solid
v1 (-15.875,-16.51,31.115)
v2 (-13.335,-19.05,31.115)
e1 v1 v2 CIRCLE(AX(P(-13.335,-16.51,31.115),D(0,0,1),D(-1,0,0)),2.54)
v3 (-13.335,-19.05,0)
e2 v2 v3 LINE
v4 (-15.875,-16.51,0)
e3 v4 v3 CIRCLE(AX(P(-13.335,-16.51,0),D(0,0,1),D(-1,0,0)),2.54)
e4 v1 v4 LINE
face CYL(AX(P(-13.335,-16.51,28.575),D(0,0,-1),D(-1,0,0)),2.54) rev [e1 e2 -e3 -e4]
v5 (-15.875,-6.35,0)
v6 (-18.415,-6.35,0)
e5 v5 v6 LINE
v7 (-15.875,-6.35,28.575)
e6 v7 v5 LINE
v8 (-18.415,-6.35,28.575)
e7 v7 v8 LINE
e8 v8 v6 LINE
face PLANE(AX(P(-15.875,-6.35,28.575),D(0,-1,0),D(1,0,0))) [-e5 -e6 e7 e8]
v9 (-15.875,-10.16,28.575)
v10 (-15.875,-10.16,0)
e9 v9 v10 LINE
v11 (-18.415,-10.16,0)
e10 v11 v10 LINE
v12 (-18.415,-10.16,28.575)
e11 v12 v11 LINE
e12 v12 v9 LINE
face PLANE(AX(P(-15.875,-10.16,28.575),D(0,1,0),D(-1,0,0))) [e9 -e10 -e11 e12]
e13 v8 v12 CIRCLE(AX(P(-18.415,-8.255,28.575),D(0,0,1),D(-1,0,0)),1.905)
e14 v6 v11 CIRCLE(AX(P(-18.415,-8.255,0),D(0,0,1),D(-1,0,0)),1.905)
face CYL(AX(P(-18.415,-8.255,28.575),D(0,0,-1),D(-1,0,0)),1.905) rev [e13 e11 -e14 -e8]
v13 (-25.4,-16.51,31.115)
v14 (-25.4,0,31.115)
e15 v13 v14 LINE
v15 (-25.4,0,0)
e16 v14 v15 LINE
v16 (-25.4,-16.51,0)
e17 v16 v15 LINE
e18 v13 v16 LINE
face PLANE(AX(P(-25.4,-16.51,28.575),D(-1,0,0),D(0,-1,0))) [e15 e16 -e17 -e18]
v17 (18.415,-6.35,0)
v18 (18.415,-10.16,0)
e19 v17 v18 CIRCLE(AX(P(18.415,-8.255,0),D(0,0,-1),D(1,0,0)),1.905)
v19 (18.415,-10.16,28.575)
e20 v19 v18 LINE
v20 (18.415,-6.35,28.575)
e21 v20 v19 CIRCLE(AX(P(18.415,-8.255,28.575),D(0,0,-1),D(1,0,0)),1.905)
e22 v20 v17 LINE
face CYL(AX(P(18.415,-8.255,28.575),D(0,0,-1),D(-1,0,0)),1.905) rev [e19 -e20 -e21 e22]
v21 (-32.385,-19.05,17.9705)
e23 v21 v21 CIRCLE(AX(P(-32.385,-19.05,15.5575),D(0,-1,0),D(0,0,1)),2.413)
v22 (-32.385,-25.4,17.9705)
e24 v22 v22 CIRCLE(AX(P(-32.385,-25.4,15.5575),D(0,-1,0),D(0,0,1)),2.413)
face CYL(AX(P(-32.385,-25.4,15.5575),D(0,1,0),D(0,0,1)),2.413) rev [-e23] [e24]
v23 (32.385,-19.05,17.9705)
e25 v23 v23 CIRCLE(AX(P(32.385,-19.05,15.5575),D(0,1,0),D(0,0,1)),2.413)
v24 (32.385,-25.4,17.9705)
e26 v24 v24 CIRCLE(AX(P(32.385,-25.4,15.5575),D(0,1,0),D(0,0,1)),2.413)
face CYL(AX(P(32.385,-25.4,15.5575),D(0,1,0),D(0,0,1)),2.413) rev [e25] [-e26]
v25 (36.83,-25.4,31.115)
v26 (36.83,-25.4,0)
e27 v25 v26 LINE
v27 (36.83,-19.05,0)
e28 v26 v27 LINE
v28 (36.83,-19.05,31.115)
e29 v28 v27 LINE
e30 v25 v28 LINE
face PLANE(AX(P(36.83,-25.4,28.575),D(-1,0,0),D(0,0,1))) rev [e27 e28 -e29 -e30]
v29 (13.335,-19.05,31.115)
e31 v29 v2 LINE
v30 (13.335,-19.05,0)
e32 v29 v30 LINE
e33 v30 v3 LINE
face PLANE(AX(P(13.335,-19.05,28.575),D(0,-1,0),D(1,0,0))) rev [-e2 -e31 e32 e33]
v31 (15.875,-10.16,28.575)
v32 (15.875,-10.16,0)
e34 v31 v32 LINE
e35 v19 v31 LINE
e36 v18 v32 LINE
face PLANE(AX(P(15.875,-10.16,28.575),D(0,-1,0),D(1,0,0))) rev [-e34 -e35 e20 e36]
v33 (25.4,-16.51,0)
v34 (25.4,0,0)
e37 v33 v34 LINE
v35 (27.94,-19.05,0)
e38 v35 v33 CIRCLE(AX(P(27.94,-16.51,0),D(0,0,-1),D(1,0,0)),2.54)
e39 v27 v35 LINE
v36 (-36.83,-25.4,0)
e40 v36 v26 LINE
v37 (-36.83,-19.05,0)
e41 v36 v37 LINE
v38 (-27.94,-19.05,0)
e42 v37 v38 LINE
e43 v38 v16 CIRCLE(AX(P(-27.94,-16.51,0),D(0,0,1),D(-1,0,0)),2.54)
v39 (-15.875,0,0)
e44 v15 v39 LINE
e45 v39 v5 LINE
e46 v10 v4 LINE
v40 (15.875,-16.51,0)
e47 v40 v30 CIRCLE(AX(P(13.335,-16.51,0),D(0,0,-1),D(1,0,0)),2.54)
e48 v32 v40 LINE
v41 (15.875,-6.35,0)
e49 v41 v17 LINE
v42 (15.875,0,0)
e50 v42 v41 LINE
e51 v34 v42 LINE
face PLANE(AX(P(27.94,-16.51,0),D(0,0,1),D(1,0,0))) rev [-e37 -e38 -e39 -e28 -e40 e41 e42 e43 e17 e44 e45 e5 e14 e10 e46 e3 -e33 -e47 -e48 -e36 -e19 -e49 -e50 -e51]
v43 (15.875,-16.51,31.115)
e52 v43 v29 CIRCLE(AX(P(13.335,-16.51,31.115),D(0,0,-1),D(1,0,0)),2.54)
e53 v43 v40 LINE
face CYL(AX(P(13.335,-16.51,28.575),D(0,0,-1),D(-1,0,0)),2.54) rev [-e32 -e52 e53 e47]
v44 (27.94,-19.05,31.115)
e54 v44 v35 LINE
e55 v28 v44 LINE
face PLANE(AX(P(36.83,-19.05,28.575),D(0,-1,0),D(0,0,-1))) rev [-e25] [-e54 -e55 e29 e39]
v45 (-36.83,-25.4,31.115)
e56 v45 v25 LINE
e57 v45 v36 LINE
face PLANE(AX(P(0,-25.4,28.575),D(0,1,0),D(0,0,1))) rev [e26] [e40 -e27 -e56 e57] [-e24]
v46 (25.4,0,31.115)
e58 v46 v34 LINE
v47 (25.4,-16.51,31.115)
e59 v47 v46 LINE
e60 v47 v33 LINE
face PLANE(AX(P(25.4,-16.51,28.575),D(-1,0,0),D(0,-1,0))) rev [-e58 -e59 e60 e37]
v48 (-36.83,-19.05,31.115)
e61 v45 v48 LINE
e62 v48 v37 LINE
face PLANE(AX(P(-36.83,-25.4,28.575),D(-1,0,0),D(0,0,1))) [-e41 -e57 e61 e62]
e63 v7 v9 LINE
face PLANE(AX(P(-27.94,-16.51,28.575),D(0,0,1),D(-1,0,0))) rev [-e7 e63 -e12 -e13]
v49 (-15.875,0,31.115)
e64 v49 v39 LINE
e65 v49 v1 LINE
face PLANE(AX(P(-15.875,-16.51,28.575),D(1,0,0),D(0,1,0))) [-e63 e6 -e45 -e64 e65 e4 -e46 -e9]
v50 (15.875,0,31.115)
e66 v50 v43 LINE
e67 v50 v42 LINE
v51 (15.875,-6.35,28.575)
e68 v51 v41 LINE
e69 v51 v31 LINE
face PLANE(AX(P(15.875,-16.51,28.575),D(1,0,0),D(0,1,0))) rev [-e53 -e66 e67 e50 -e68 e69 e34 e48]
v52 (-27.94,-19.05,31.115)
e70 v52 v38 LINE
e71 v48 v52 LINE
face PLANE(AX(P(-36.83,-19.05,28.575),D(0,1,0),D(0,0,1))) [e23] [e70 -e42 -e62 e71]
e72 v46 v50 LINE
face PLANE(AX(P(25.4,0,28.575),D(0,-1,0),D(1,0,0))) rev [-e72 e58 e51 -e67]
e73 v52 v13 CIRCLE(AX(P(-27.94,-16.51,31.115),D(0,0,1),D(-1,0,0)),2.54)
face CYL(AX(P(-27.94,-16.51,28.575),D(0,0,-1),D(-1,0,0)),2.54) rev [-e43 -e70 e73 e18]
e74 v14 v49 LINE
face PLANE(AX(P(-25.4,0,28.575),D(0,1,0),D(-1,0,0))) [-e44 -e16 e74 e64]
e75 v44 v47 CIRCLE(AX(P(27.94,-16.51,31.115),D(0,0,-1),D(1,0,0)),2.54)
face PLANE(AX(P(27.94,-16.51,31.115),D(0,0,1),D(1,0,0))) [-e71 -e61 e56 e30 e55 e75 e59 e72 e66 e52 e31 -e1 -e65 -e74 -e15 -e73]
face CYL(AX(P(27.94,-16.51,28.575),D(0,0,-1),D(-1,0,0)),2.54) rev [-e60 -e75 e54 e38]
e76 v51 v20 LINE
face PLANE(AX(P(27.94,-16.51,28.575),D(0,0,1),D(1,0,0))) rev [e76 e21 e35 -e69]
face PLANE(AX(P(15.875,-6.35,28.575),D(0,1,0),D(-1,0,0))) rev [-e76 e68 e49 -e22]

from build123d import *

# Parameters (mm, degrees)
BASE_DEPTH           = 28.575
BACK_PLATE_DEPTH     = 2.54
SKETCH4_R            = 2.413
MOUNTING_HOLES_DEPTH = 7.35


with BuildPart() as part:
    # Sketch2 → Base (new body)
    with BuildSketch(Plane.XY):
        with BuildLine():
            Line((13.335, -19.05), (0, -19.05))
            Line((0, -19.05), (0, -25.4))
            Line((0, -25.4), (36.83, -25.4))
            Line((36.83, -25.4), (36.83, -19.05))
            Line((36.83, -19.05), (27.94, -19.05))
            ThreePointArc((27.94, -19.05), (26.143948776, -18.306051224), (25.4, -16.51))
            Line((25.4, -16.51), (25.4, 0))
            Line((25.4, 0), (15.875, 0))
            Line((15.875, 0), (15.875, -6.35))
            Line((15.875, -6.35), (18.415, -6.35))
            ThreePointArc((18.415, -6.35), (20.32, -8.255), (18.415, -10.16))
            Line((18.415, -10.16), (15.875, -10.16))
            Line((15.875, -10.16), (15.875, -16.51))
            ThreePointArc((15.875, -16.51), (15.131051224, -18.306051224), (13.335, -19.05))
        make_face()
    base = extrude(amount=BASE_DEPTH)

    # Sketch5 → Back Plate (add)
    with BuildSketch(Plane.XY.offset(28.575)):
        with BuildLine():
            Line((0, -25.4), (36.83, -25.4))
            Line((36.83, -25.4), (36.83, -19.05))
            Line((36.83, -19.05), (27.94, -19.05))
            ThreePointArc((27.94, -19.05), (26.143948776, -18.306051224), (25.4, -16.51))
            Line((25.4, -16.51), (25.4, 0))
            Line((25.4, 0), (15.875, 0))
            Line((15.875, 0), (15.875, -6.35))
            Line((15.875, -6.35), (15.875, -10.16))
            Line((15.875, -10.16), (15.875, -16.51))
            ThreePointArc((15.875, -16.51), (15.131051224, -18.306051224), (13.335, -19.05))
            Line((13.335, -19.05), (0, -19.05))
            Line((0, -19.05), (0, -25.4))
        make_face()
    back_plate = extrude(amount=BACK_PLATE_DEPTH)

    # Sketch4 → Mounting Holes (cut, through all)
    with BuildSketch(Plane(origin=(0, -19.05, 0), x_dir=(1, 0, 0), z_dir=(0, 1, 0))):
        with Locations((32.385, -15.5575)):
            Circle(SKETCH4_R)
    mounting_holes = extrude(amount=-MOUNTING_HOLES_DEPTH, mode=Mode.SUBTRACT)

    # Mirror 2: Base, Back Plate, Mounting Holes across plane
    add(base.mirror(Plane(origin=(0, 0, 0), x_dir=(0, 0, 1), z_dir=(1, 0, 0))))
    add(back_plate.mirror(Plane(origin=(0, 0, 0), x_dir=(0, 0, 1), z_dir=(1, 0, 0))))
    add(mounting_holes.mirror(Plane(origin=(0, 0, 0), x_dir=(0, 0, 1), z_dir=(1, 0, 0))), mode=Mode.SUBTRACT)


solid = part.part
